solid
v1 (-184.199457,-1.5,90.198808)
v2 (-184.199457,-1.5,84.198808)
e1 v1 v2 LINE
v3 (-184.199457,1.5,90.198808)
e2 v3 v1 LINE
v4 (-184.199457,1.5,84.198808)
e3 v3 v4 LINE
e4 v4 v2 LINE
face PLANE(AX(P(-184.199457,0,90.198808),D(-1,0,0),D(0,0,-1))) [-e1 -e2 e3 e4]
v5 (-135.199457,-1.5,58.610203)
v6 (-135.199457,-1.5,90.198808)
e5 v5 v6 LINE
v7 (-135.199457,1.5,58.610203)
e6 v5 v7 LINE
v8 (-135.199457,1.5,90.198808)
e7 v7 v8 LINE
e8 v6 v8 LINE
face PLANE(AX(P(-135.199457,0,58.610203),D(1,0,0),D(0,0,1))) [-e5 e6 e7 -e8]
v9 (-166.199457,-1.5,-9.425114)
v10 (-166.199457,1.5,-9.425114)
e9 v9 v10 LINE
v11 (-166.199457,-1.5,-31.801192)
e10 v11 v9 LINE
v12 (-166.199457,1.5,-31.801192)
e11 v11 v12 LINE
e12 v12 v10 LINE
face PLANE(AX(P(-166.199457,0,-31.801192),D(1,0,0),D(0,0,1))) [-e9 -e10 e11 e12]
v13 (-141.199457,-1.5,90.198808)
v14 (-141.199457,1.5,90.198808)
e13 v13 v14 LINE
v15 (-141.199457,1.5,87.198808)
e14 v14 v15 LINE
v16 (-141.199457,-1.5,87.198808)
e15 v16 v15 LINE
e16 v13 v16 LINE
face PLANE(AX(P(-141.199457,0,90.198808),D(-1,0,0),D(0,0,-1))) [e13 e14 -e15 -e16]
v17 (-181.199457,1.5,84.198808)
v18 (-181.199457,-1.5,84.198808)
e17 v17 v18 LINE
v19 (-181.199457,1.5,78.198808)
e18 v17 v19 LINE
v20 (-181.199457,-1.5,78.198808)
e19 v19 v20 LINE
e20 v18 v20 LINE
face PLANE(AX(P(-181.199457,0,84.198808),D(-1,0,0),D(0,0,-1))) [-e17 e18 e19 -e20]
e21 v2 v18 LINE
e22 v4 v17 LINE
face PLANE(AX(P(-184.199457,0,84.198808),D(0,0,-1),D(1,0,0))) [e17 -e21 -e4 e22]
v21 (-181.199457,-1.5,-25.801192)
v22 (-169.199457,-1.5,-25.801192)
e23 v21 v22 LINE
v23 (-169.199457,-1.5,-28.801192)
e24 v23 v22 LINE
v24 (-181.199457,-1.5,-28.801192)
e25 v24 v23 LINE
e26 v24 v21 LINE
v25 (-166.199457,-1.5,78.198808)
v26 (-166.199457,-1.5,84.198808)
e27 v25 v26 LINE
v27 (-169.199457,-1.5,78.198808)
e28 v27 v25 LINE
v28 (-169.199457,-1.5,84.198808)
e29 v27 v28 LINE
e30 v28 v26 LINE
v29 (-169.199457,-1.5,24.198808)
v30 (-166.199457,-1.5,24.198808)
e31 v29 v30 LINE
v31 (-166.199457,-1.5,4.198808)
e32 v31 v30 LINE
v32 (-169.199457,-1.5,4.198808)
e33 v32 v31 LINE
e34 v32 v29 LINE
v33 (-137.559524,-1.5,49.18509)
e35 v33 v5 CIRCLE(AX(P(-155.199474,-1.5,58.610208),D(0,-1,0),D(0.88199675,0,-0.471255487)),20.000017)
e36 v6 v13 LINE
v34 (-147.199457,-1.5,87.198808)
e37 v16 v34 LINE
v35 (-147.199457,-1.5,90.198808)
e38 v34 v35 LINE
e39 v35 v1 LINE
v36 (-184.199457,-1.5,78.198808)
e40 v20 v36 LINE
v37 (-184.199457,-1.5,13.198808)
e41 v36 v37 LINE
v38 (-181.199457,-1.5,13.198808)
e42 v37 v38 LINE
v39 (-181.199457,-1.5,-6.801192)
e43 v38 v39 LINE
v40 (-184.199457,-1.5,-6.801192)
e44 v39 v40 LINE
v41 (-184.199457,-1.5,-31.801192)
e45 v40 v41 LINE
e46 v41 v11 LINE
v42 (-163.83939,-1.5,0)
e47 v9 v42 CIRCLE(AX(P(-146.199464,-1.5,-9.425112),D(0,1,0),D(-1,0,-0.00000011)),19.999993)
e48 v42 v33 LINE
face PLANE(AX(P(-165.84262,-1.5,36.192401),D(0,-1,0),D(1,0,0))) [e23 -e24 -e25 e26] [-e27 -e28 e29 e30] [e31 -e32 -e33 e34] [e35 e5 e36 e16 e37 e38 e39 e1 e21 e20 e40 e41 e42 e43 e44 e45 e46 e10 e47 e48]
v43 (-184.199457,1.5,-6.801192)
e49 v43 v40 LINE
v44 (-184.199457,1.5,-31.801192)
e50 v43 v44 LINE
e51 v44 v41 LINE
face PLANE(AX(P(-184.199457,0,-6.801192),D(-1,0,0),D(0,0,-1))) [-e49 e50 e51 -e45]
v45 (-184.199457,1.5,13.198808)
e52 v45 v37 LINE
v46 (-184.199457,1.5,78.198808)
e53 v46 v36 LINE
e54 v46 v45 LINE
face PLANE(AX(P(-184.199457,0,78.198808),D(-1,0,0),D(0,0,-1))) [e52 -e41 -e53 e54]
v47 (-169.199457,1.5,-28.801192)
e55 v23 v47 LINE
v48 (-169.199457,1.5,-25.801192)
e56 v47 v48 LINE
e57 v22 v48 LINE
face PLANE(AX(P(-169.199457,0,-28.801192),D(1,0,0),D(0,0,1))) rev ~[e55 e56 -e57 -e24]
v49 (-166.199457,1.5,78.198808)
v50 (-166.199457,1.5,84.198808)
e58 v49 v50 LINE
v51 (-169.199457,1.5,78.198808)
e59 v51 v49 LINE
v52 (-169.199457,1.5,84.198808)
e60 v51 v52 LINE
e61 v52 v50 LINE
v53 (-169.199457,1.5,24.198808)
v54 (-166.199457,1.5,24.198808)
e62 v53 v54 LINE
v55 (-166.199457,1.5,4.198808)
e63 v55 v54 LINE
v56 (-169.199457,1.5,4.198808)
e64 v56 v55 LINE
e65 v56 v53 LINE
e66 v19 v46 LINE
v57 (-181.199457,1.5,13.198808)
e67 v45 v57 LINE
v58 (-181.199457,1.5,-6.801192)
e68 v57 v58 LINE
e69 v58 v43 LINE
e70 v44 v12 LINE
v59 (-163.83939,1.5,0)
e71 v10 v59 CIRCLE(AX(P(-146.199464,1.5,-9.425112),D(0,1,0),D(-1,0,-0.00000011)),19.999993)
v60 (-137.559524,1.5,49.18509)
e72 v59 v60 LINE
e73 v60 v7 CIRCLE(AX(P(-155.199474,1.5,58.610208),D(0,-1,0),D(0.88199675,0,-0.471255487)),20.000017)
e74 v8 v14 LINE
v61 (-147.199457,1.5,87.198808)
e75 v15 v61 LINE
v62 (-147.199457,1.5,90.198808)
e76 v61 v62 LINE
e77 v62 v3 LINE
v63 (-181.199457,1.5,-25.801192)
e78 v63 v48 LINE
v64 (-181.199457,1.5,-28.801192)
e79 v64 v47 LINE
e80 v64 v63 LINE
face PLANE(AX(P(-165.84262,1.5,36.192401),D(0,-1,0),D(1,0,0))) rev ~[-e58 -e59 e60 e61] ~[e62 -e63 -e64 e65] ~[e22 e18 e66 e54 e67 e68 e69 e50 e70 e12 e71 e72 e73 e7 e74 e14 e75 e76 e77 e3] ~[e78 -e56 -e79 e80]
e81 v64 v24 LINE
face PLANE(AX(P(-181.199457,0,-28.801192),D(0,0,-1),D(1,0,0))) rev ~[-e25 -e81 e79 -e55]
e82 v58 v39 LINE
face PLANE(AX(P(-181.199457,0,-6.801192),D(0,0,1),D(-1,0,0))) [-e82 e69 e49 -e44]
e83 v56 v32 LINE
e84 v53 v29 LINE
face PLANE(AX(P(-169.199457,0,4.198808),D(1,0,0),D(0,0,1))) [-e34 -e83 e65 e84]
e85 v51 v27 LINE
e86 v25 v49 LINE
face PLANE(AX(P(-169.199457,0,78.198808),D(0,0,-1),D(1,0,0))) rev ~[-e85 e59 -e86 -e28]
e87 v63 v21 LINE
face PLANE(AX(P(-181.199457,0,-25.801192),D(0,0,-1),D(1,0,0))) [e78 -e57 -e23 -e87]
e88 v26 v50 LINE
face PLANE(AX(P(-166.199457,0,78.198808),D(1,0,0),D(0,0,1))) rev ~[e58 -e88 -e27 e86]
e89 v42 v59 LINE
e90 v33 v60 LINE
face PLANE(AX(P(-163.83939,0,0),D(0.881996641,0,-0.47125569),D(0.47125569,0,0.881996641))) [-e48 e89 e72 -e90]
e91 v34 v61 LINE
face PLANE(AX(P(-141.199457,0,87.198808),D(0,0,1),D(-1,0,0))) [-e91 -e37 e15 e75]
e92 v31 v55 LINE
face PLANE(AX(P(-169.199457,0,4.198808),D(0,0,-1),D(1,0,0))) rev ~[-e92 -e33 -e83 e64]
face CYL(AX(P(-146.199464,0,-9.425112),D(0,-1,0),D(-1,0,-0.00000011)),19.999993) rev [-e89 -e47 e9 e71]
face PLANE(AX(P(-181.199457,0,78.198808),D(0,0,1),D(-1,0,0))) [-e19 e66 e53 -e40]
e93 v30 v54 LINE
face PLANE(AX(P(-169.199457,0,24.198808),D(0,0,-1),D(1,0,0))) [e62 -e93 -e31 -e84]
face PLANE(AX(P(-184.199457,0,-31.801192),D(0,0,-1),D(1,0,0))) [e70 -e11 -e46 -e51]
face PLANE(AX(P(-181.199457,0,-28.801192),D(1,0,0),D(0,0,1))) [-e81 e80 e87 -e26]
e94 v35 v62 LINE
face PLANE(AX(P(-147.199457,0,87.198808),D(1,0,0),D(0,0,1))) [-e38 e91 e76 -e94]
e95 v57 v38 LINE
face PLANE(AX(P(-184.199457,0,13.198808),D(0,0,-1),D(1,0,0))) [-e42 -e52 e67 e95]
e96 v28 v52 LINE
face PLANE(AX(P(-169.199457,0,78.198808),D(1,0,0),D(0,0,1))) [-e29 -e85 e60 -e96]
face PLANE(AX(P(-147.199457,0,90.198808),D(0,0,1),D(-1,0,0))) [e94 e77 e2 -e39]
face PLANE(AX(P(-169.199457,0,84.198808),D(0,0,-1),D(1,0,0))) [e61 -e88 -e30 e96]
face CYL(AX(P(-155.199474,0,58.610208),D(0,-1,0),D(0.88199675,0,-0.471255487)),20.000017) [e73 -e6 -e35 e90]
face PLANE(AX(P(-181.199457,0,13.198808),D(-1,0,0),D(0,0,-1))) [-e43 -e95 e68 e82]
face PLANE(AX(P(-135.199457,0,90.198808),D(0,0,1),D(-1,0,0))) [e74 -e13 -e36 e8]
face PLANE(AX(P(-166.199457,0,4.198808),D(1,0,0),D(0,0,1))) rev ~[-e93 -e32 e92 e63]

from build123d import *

# Parameters (mm, degrees)
F0_W     = 12
F0_H     = 3
F0_W_2   = 3
F0_H_2   = 20
F0_H_3   = 6
F1_DEPTH = 1.5
F2_DEPTH = 1.5


with BuildPart() as f1:
    # F0 (on Front) → F1 (new body, symmetric)
    with BuildSketch(Plane.XZ):
        with BuildLine():
            Line((-147.199457, 90.198808), (-184.199457, 90.198808))
            Line((-184.199457, 90.198808), (-184.199457, 84.198808))
            Line((-184.199457, 84.198808), (-181.199457, 84.198808))
            Line((-181.199457, 84.198808), (-181.199457, 78.198808))
            Line((-181.199457, 78.198808), (-184.199457, 78.198808))
            Line((-184.199457, 78.198808), (-184.199457, 13.198808))
            Line((-184.199457, 13.198808), (-181.199457, 13.198808))
            Line((-181.199457, 13.198808), (-181.199457, -6.801192))
            Line((-181.199457, -6.801192), (-184.199457, -6.801192))
            Line((-184.199457, -6.801192), (-184.199457, -31.801192))
            Line((-184.199457, -31.801192), (-166.199457, -31.801192))
            Line((-166.199457, -31.801192), (-166.199457, -9.425114))
            ThreePointArc((-166.199457, -9.425114), (-165.600471, -4.567062), (-163.83939, 0))
            Line((-163.83939, 0), (-137.559524, 49.18509))
            ThreePointArc((-137.559524, 49.18509), (-135.798444, 53.752151), (-135.199457, 58.610203))
            Line((-135.199457, 58.610203), (-135.199457, 90.198808))
            Line((-135.199457, 90.198808), (-141.199457, 90.198808))
            Line((-141.199457, 90.198808), (-141.199457, 87.198808))
            Line((-141.199457, 87.198808), (-147.199457, 87.198808))
            Line((-147.199457, 87.198808), (-147.199457, 90.198808))
        make_face()
        with Locations((-175.199457, -27.301192)):
            Rectangle(F0_W, F0_H, mode=Mode.SUBTRACT)
        with Locations((-167.699457, 14.198808)):
            Rectangle(F0_W_2, F0_H_2, mode=Mode.SUBTRACT)
        with Locations((-167.699457, 81.198808)):
            Rectangle(F0_W_2, F0_H_3, mode=Mode.SUBTRACT)
    extrude(amount=F1_DEPTH, both=True)

    # F0 (on Front) → F2 (cut, symmetric)
    with BuildSketch(Plane.XZ):
        with Locations((-175.199457, -27.301192)):
            Rectangle(F0_W, F0_H)
    extrude(amount=F2_DEPTH, both=True, mode=Mode.SUBTRACT)


solid = f1.part
